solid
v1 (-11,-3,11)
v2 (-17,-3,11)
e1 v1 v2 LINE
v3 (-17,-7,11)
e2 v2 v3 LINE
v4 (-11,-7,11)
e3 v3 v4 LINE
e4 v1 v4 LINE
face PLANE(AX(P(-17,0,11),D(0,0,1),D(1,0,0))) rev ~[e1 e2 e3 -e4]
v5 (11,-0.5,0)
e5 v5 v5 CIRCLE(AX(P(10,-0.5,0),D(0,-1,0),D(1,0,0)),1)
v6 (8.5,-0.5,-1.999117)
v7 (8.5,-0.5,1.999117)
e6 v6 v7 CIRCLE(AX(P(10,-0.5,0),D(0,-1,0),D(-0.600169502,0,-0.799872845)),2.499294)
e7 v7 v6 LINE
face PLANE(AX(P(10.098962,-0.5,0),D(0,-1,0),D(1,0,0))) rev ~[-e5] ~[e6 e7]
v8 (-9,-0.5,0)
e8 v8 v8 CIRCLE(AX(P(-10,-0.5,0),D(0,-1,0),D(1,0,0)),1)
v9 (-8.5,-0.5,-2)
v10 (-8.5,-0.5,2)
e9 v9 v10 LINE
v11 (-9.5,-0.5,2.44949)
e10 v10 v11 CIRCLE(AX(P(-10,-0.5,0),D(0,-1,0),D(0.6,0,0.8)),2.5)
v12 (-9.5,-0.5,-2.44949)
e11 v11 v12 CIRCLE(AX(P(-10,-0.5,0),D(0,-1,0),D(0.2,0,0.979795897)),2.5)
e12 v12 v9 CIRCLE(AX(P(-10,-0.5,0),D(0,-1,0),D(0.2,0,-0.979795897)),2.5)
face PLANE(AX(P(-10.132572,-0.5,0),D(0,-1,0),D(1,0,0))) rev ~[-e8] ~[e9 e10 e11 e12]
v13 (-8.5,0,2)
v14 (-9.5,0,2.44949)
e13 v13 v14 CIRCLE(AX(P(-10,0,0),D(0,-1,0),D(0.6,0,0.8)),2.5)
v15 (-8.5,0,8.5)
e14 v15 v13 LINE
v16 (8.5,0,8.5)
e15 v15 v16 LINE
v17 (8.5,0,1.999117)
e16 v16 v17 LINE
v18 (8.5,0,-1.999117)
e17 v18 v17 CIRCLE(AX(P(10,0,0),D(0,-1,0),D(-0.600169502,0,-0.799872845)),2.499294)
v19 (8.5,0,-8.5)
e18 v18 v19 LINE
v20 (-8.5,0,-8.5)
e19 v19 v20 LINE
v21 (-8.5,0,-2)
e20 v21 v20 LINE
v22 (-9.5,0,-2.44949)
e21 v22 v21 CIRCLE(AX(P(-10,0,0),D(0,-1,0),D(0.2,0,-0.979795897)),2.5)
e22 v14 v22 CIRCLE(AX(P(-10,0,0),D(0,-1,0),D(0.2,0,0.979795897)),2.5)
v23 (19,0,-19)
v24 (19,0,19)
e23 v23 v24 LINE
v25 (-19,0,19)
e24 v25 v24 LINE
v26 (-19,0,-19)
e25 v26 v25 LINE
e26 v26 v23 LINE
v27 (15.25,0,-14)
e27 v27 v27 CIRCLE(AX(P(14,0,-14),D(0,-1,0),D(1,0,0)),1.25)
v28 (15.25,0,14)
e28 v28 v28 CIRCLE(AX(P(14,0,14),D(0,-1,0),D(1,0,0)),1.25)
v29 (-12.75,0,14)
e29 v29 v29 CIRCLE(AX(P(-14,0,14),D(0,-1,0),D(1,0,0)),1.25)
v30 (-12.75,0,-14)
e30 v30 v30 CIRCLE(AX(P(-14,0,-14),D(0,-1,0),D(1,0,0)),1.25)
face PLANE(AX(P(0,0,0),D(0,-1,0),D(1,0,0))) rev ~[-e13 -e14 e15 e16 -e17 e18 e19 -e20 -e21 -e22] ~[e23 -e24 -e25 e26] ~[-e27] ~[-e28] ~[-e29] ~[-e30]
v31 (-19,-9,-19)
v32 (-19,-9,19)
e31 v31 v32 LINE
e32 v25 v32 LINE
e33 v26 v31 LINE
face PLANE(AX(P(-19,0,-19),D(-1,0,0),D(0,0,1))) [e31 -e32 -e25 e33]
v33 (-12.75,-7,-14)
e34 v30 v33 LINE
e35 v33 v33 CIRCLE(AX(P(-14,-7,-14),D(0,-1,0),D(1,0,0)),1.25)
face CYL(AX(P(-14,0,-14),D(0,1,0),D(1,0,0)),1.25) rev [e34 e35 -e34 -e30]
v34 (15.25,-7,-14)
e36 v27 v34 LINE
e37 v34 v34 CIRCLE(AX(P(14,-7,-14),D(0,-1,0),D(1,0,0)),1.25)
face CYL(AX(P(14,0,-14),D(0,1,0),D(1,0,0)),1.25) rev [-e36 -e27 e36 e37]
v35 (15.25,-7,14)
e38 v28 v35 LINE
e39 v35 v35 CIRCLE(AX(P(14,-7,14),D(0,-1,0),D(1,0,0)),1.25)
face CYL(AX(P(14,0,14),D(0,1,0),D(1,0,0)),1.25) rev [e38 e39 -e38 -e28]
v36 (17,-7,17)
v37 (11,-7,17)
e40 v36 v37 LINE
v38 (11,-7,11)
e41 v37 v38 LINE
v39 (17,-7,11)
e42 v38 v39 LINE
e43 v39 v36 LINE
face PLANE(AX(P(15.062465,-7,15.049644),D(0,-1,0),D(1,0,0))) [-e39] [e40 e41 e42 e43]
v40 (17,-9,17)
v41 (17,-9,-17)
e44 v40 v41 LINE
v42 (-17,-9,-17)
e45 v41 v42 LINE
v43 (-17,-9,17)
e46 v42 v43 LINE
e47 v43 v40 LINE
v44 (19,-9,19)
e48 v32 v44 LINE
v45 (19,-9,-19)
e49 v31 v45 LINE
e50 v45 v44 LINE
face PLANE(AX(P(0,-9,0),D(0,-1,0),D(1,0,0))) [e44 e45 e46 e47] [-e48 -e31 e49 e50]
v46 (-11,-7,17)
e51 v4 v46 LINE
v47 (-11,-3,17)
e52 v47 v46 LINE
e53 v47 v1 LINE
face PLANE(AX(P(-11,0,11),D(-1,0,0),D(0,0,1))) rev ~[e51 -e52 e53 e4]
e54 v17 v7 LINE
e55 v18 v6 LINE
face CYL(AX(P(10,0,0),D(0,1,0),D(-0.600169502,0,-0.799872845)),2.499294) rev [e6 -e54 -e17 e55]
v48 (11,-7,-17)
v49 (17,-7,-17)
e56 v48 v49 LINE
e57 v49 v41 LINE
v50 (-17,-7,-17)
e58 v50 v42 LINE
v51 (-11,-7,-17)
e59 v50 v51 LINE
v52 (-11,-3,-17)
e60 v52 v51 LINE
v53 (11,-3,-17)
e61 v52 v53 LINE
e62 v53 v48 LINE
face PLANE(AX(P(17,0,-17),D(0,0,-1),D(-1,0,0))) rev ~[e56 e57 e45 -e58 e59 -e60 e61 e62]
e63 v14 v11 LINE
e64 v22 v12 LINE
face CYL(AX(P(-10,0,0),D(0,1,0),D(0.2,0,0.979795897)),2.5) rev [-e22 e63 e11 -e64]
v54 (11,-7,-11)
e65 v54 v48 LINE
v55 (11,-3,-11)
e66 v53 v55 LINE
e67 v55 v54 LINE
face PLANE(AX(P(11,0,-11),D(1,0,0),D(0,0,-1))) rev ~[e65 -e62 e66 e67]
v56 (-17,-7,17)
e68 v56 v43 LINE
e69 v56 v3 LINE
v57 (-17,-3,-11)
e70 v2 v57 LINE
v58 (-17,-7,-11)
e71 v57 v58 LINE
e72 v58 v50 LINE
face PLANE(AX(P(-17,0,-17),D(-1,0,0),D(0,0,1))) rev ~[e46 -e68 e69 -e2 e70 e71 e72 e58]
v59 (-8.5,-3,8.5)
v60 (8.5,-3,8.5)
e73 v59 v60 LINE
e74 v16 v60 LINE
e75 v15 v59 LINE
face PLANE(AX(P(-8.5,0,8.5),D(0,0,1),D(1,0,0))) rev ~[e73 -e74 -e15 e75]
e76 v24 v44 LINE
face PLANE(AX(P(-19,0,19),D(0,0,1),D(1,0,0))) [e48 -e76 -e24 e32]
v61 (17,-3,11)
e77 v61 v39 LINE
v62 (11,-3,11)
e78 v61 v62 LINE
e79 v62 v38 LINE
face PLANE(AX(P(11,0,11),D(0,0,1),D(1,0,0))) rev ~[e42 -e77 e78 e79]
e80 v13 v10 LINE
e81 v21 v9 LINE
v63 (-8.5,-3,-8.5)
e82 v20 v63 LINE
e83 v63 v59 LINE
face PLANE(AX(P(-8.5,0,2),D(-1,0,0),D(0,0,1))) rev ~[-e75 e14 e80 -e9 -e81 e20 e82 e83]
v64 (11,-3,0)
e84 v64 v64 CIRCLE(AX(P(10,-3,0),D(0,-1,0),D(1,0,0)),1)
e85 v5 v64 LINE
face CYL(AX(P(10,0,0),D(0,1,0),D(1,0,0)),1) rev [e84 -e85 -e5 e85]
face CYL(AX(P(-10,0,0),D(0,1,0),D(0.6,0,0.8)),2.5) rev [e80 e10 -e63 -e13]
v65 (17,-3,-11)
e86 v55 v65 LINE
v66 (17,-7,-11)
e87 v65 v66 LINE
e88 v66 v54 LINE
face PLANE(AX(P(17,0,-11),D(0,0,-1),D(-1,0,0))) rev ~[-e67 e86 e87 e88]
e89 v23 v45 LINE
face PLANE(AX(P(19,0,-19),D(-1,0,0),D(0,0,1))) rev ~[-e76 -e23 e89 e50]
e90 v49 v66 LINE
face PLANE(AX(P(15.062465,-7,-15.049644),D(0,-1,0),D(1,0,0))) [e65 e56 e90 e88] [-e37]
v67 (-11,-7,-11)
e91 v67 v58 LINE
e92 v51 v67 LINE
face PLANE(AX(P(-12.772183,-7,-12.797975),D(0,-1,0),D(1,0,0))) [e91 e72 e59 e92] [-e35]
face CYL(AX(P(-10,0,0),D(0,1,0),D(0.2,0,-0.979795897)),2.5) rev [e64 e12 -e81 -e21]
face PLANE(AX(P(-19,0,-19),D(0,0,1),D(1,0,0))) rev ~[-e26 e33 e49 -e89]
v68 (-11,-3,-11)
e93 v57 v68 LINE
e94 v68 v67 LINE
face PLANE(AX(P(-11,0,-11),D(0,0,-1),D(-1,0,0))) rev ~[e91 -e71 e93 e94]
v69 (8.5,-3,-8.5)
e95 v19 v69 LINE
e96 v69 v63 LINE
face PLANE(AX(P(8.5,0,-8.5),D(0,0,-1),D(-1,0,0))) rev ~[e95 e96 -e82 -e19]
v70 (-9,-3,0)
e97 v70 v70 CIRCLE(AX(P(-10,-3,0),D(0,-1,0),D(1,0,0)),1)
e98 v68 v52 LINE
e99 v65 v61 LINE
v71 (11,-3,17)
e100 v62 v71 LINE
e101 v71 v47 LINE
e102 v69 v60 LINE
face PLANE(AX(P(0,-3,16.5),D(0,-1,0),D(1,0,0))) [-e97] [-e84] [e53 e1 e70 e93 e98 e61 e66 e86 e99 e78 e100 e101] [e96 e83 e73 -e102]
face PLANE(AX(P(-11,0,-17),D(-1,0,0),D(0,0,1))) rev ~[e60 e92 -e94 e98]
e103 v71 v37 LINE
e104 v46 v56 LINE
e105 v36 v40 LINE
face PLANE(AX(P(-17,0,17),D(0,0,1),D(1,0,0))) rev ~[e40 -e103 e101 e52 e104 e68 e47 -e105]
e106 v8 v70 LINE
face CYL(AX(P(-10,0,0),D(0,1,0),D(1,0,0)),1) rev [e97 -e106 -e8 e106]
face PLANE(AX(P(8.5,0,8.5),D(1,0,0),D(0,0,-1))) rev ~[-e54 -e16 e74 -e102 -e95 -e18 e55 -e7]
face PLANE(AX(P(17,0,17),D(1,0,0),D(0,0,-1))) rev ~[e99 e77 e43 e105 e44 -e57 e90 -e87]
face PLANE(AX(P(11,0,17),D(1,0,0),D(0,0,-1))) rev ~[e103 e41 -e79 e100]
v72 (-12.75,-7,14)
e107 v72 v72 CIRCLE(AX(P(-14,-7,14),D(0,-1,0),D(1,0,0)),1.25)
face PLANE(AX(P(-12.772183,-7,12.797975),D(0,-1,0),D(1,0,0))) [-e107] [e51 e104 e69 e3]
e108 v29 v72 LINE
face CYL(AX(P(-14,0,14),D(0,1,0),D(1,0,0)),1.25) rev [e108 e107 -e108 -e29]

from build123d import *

# Parameters (mm, degrees)
F0_R     = 1.25
F1_DEPTH = 7
F0_R_2   = 1
F2_DEPTH = 3
F3_DEPTH = 3
F4_DEPTH = 7
F0_W     = 6
F0_H     = 6
F0_W_2   = 22
F0_H_2   = 1
F5_DEPTH = 3
F0_W_3   = 38
F0_H_3   = 38
F6_DEPTH = 9
F7_DEPTH = 0.5
F8_DEPTH = 0.5


with BuildPart() as f1:
    # F0 (on Front) → F1 (new body)
    with BuildSketch(Plane.XZ):
        with BuildLine():
            ThreePointArc((-11.5, 14), (-11.7639320225, 15.1180339887), (-12.5, 16))
            ThreePointArc((-12.5, 16), (-15.767766953, 15.767766953), (-16, 12.5))
            ThreePointArc((-16, 12.5), (-13.209430585, 11.6282917549), (-11.5, 14))
        make_face()
        with Locations((-14, 14)):
            Circle(F0_R, mode=Mode.SUBTRACT)
    extrude(amount=F1_DEPTH)

    # F0 (on Front) → F4 (join)
    with BuildSketch(Plane.XZ):
        with BuildLine():
            Line((-11, 11), (-11, 16))
            Line((-11, 16), (-12.5, 16))
            ThreePointArc((-12.5, 16), (-11.7639320225, 15.1180339887), (-11.5, 14))
            ThreePointArc((-11.5, 14), (-13.209430585, 11.6282917549), (-16, 12.5))
            Line((-16, 12.5), (-16, 11))
            Line((-16, 11), (-11, 11))
        make_face()
        with BuildLine():
            Line((-11, 16), (-11, 17))
            Line((-11, 17), (-17, 17))
            Line((-17, 17), (-17, 11))
            Line((-17, 11), (-16, 11))
            Line((-16, 11), (-16, 12.5))
            ThreePointArc((-16, 12.5), (-15.767766953, 15.767766953), (-12.5, 16))
            Line((-12.5, 16), (-11, 16))
        make_face()
    extrude(amount=F4_DEPTH)



with BuildPart() as f1b:
    # F0 (on Front) → F1, piece 2 (new body)
    with BuildSketch(Plane.XZ):
        with BuildLine():
            ThreePointArc((12.5, 16), (12.232233047, 12.232233047), (16, 12.5))
            ThreePointArc((16, 12.5), (16.3717082451, 13.209430585), (16.5, 14))
            ThreePointArc((16.5, 14), (15.1180339887, 16.2360679775), (12.5, 16))
        make_face()
        with Locations((14, 14)):
            Circle(F0_R, mode=Mode.SUBTRACT)
    extrude(amount=F1_DEPTH)

    # F0 (on Front) → F4, piece 2 (join)
    with BuildSketch(Plane.XZ):
        with BuildLine():
            ThreePointArc((16.5, 14), (16.3717082451, 13.209430585), (16, 12.5))
            Line((16, 12.5), (16, 11))
            Line((16, 11), (17, 11))
            Line((17, 11), (17, 17))
            Line((17, 17), (11, 17))
            Line((11, 17), (11, 16))
            Line((11, 16), (12.5, 16))
            ThreePointArc((12.5, 16), (15.1180339887, 16.2360679775), (16.5, 14))
        make_face()
        with BuildLine():
            Line((16, 11), (16, 12.5))
            ThreePointArc((16, 12.5), (12.232233047, 12.232233047), (12.5, 16))
            Line((12.5, 16), (11, 16))
            Line((11, 16), (11, 11))
            Line((11, 11), (16, 11))
        make_face()
    extrude(amount=F4_DEPTH)


with BuildPart() as f1c:
    # F0 (on Front) → F1, piece 3 (new body)
    with BuildSketch(Plane.XZ):
        with BuildLine():
            ThreePointArc((-16, -12.5), (-15.767766953, -15.767766953), (-12.5, -16))
            ThreePointArc((-12.5, -16), (-11.7639320225, -15.1180339887), (-11.5, -14))
            ThreePointArc((-11.5, -14), (-13.209430585, -11.6282917549), (-16, -12.5))
        make_face()
        with Locations((-14, -14)):
            Circle(F0_R, mode=Mode.SUBTRACT)
    extrude(amount=F1_DEPTH)

    # F0 (on Front) → F4, piece 4 (join)
    with BuildSketch(Plane.XZ):
        with BuildLine():
            Line((-12.5, -16), (-11, -16))
            Line((-11, -16), (-11, -11))
            Line((-11, -11), (-16, -11))
            Line((-16, -11), (-16, -12.5))
            ThreePointArc((-16, -12.5), (-13.209430585, -11.6282917549), (-11.5, -14))
            ThreePointArc((-11.5, -14), (-11.7639320225, -15.1180339887), (-12.5, -16))
        make_face()
        with BuildLine():
            Line((-11, -17), (-11, -16))
            Line((-11, -16), (-12.5, -16))
            ThreePointArc((-12.5, -16), (-15.767766953, -15.767766953), (-16, -12.5))
            Line((-16, -12.5), (-16, -11))
            Line((-16, -11), (-17, -11))
            Line((-17, -11), (-17, -17))
            Line((-17, -17), (-11, -17))
        make_face()
    extrude(amount=F4_DEPTH)


with BuildPart() as f1d:
    # F0 (on Front) → F1, piece 4 (new body)
    with BuildSketch(Plane.XZ):
        with BuildLine():
            ThreePointArc((16.5, -14), (16.3717082451, -13.209430585), (16, -12.5))
            ThreePointArc((16, -12.5), (12.232233047, -12.232233047), (12.5, -16))
            ThreePointArc((12.5, -16), (15.1180339887, -16.2360679775), (16.5, -14))
        make_face()
        with Locations((14, -14)):
            Circle(F0_R, mode=Mode.SUBTRACT)
    extrude(amount=F1_DEPTH)

    # F0 (on Front) → F4, piece 3 (join)
    with BuildSketch(Plane.XZ):
        with BuildLine():
            Line((17, -11), (16, -11))
            Line((16, -11), (16, -12.5))
            ThreePointArc((16, -12.5), (16.3717082451, -13.209430585), (16.5, -14))
            ThreePointArc((16.5, -14), (15.1180339887, -16.2360679775), (12.5, -16))
            Line((12.5, -16), (11, -16))
            Line((11, -16), (11, -17))
            Line((11, -17), (17, -17))
            Line((17, -17), (17, -11))
        make_face()
        with BuildLine():
            Line((16, -12.5), (16, -11))
            Line((16, -11), (11, -11))
            Line((11, -11), (11, -16))
            Line((11, -16), (12.5, -16))
            ThreePointArc((12.5, -16), (12.232233047, -12.232233047), (16, -12.5))
        make_face()
    extrude(amount=F4_DEPTH)


with BuildPart() as f2:
    # F0 (on Front) → F2 (new body)
    with BuildSketch(Plane.XZ):
        with BuildLine():
            Line((-8.5, -2), (-8.5, 3.6e-09))
            Line((-8.5, 3.6e-09), (-8.5, 2))
            ThreePointArc((-8.5, 2), (-8.9750559736, 2.2802389662), (-9.5, 2.4494897428))
            ThreePointArc((-9.5, 2.4494897428), (-12.5, 0), (-9.5, -2.4494897428))
            ThreePointArc((-9.5, -2.4494897428), (-8.9750559736, -2.2802389662), (-8.5, -2))
        make_face()
        with Locations((-10, 0)):
            Circle(F0_R_2, mode=Mode.SUBTRACT)
    extrude(amount=F2_DEPTH)



with BuildPart() as f2b:
    # F0 (on Front) → F2, piece 2 (new body)
    with BuildSketch(Plane.XZ):
        with BuildLine():
            ThreePointArc((8.5, -1.9991173555), (12.4992939405, 0), (8.5, 1.9991173555))
            Line((8.5, 1.9991173555), (8.5, 0))
            Line((8.5, 0), (8.5, -1.9991173555))
        make_face()
        with Locations((10, 0)):
            Circle(F0_R_2, mode=Mode.SUBTRACT)
    extrude(amount=F2_DEPTH)


with BuildPart() as f2_1:
    add(f2.part)

    add(f2b.part)  # F3 merges F2b
    # F0 (on Front) → F3 (join)
    with BuildSketch(Plane.XZ):
        with BuildLine():
            Line((0, 8.5), (8.5, 8.5))
            Line((8.5, 8.5), (8.5, 1.9991173555))
            ThreePointArc((8.5, 1.9991173555), (12.4992939405, 0), (8.5, -1.9991173555))
            Line((8.5, -1.9991173555), (8.5, -8.5))
            Line((8.5, -8.5), (0, -8.5))
            Line((0, -8.5), (-8.5, -8.5))
            Line((-8.5, -8.5), (-8.5, -2))
            ThreePointArc((-8.5, -2), (-8.9750559736, -2.2802389662), (-9.5, -2.4494897428))
            Line((-9.5, -2.4494897428), (-9.5, -9.5))
            Line((-9.5, -9.5), (9.5, -9.5))
            Line((9.5, -9.5), (9.5, -2.4494897428))
            ThreePointArc((9.5, -2.4494897428), (12.5, 0), (9.5, 2.4494897428))
            Line((9.5, 2.4494897428), (9.5, 9.5))
            Line((9.5, 9.5), (-9.5, 9.5))
            Line((-9.5, 9.5), (-9.5, 2.4494897428))
            ThreePointArc((-9.5, 2.4494897428), (-8.9750559736, 2.2802389662), (-8.5, 2))
            Line((-8.5, 2), (-8.5, 8.5))
            Line((-8.5, 8.5), (0, 8.5))
        make_face()
    extrude(amount=F3_DEPTH)


with BuildPart() as f1_1:
    add(f1.part)

    add(f1b.part)  # F5 merges F1b

    add(f1c.part)  # F5 merges F1c

    add(f1d.part)  # F5 merges F1d

    add(f2_1.part)  # F5 merges F2
    # F0 (on Front) → F5 (join)
    with BuildSketch(Plane.XZ):
        Polygon((10, 16), (11, 16), (11, 17), (-11, 17), (-11, 16), (-10, 16), (0, 16), align=None)
        Polygon((16, 10.2088758318), (16, 11), (11, 11), (11, 16), (10, 16), (10, 10.2023985237), (10, 10), (0, 10), (0, 16), (-10, 16), (-11, 16), (-11, 11), (-16, 11), (-16, 10), (-10, 10), (-10, 4), (-16, 4), (-16, -11), (-11, -11), (-11, -16), (11, -16), (11, -11), (16, -11), align=None)
        with BuildLine():
            ThreePointArc((-9.5, -2.4494897428), (-12.5, 0), (-9.5, 2.4494897428))
            Line((-9.5, 2.4494897428), (-9.5, 9.5))
            Line((-9.5, 9.5), (9.5, 9.5))
            Line((9.5, 9.5), (9.5, 2.4494897428))
            ThreePointArc((9.5, 2.4494897428), (12.5, 0), (9.5, -2.4494897428))
            Line((9.5, -2.4494897428), (9.5, -9.5))
            Line((9.5, -9.5), (-9.5, -9.5))
            Line((-9.5, -9.5), (-9.5, -2.4494897428))
        make_face(mode=Mode.SUBTRACT)
        Polygon((10, 10.2023985237), (10, 16), (0, 16), (0, 10), (10, 10), align=None)
        with Locations((-13, 7)):
            Rectangle(F0_W, F0_H)
        Polygon((-16, 11), (-17, 11), (-17, -11), (-16, -11), (-16, 4), (-16, 10), align=None)
        with Locations((0, -16.5)):
            Rectangle(F0_W_2, F0_H_2)
        Polygon((17, 11), (16, 11), (16, 10.2088758318), (16, -11), (17, -11), align=None)
    extrude(amount=F5_DEPTH)

    # F0 (on Front) → F6 (join)
    with BuildSketch(Plane.XZ):
        Rectangle(F0_W_3, F0_H_3)
        Polygon((17, 17), (17, 11), (17, -11), (17, -17), (11, -17), (-11, -17), (-17, -17), (-17, -11), (-17, 11), (-17, 17), (-11, 17), (11, 17), align=None, mode=Mode.SUBTRACT)
    extrude(amount=F6_DEPTH)

    # F0 (on Front) → F7 (cut)
    with BuildSketch(Plane.XZ):
        with BuildLine():
            Line((-8.5, -2), (-8.5, 3.6e-09))
            Line((-8.5, 3.6e-09), (-8.5, 2))
            ThreePointArc((-8.5, 2), (-8.9750559736, 2.2802389662), (-9.5, 2.4494897428))
            ThreePointArc((-9.5, 2.4494897428), (-12.5, 0), (-9.5, -2.4494897428))
            ThreePointArc((-9.5, -2.4494897428), (-8.9750559736, -2.2802389662), (-8.5, -2))
        make_face()
        with Locations((-10, 0)):
            Circle(F0_R_2, mode=Mode.SUBTRACT)
    extrude(amount=F7_DEPTH, mode=Mode.SUBTRACT)

    # F0 (on Front) → F8 (cut)
    with BuildSketch(Plane.XZ):
        with BuildLine():
            ThreePointArc((8.5, -1.9991173555), (12.4992939405, 0), (8.5, 1.9991173555))
            Line((8.5, 1.9991173555), (8.5, 0))
            Line((8.5, 0), (8.5, -1.9991173555))
        make_face()
        with Locations((10, 0)):
            Circle(F0_R_2, mode=Mode.SUBTRACT)
    extrude(amount=F8_DEPTH, mode=Mode.SUBTRACT)


solid = f1_1.part
